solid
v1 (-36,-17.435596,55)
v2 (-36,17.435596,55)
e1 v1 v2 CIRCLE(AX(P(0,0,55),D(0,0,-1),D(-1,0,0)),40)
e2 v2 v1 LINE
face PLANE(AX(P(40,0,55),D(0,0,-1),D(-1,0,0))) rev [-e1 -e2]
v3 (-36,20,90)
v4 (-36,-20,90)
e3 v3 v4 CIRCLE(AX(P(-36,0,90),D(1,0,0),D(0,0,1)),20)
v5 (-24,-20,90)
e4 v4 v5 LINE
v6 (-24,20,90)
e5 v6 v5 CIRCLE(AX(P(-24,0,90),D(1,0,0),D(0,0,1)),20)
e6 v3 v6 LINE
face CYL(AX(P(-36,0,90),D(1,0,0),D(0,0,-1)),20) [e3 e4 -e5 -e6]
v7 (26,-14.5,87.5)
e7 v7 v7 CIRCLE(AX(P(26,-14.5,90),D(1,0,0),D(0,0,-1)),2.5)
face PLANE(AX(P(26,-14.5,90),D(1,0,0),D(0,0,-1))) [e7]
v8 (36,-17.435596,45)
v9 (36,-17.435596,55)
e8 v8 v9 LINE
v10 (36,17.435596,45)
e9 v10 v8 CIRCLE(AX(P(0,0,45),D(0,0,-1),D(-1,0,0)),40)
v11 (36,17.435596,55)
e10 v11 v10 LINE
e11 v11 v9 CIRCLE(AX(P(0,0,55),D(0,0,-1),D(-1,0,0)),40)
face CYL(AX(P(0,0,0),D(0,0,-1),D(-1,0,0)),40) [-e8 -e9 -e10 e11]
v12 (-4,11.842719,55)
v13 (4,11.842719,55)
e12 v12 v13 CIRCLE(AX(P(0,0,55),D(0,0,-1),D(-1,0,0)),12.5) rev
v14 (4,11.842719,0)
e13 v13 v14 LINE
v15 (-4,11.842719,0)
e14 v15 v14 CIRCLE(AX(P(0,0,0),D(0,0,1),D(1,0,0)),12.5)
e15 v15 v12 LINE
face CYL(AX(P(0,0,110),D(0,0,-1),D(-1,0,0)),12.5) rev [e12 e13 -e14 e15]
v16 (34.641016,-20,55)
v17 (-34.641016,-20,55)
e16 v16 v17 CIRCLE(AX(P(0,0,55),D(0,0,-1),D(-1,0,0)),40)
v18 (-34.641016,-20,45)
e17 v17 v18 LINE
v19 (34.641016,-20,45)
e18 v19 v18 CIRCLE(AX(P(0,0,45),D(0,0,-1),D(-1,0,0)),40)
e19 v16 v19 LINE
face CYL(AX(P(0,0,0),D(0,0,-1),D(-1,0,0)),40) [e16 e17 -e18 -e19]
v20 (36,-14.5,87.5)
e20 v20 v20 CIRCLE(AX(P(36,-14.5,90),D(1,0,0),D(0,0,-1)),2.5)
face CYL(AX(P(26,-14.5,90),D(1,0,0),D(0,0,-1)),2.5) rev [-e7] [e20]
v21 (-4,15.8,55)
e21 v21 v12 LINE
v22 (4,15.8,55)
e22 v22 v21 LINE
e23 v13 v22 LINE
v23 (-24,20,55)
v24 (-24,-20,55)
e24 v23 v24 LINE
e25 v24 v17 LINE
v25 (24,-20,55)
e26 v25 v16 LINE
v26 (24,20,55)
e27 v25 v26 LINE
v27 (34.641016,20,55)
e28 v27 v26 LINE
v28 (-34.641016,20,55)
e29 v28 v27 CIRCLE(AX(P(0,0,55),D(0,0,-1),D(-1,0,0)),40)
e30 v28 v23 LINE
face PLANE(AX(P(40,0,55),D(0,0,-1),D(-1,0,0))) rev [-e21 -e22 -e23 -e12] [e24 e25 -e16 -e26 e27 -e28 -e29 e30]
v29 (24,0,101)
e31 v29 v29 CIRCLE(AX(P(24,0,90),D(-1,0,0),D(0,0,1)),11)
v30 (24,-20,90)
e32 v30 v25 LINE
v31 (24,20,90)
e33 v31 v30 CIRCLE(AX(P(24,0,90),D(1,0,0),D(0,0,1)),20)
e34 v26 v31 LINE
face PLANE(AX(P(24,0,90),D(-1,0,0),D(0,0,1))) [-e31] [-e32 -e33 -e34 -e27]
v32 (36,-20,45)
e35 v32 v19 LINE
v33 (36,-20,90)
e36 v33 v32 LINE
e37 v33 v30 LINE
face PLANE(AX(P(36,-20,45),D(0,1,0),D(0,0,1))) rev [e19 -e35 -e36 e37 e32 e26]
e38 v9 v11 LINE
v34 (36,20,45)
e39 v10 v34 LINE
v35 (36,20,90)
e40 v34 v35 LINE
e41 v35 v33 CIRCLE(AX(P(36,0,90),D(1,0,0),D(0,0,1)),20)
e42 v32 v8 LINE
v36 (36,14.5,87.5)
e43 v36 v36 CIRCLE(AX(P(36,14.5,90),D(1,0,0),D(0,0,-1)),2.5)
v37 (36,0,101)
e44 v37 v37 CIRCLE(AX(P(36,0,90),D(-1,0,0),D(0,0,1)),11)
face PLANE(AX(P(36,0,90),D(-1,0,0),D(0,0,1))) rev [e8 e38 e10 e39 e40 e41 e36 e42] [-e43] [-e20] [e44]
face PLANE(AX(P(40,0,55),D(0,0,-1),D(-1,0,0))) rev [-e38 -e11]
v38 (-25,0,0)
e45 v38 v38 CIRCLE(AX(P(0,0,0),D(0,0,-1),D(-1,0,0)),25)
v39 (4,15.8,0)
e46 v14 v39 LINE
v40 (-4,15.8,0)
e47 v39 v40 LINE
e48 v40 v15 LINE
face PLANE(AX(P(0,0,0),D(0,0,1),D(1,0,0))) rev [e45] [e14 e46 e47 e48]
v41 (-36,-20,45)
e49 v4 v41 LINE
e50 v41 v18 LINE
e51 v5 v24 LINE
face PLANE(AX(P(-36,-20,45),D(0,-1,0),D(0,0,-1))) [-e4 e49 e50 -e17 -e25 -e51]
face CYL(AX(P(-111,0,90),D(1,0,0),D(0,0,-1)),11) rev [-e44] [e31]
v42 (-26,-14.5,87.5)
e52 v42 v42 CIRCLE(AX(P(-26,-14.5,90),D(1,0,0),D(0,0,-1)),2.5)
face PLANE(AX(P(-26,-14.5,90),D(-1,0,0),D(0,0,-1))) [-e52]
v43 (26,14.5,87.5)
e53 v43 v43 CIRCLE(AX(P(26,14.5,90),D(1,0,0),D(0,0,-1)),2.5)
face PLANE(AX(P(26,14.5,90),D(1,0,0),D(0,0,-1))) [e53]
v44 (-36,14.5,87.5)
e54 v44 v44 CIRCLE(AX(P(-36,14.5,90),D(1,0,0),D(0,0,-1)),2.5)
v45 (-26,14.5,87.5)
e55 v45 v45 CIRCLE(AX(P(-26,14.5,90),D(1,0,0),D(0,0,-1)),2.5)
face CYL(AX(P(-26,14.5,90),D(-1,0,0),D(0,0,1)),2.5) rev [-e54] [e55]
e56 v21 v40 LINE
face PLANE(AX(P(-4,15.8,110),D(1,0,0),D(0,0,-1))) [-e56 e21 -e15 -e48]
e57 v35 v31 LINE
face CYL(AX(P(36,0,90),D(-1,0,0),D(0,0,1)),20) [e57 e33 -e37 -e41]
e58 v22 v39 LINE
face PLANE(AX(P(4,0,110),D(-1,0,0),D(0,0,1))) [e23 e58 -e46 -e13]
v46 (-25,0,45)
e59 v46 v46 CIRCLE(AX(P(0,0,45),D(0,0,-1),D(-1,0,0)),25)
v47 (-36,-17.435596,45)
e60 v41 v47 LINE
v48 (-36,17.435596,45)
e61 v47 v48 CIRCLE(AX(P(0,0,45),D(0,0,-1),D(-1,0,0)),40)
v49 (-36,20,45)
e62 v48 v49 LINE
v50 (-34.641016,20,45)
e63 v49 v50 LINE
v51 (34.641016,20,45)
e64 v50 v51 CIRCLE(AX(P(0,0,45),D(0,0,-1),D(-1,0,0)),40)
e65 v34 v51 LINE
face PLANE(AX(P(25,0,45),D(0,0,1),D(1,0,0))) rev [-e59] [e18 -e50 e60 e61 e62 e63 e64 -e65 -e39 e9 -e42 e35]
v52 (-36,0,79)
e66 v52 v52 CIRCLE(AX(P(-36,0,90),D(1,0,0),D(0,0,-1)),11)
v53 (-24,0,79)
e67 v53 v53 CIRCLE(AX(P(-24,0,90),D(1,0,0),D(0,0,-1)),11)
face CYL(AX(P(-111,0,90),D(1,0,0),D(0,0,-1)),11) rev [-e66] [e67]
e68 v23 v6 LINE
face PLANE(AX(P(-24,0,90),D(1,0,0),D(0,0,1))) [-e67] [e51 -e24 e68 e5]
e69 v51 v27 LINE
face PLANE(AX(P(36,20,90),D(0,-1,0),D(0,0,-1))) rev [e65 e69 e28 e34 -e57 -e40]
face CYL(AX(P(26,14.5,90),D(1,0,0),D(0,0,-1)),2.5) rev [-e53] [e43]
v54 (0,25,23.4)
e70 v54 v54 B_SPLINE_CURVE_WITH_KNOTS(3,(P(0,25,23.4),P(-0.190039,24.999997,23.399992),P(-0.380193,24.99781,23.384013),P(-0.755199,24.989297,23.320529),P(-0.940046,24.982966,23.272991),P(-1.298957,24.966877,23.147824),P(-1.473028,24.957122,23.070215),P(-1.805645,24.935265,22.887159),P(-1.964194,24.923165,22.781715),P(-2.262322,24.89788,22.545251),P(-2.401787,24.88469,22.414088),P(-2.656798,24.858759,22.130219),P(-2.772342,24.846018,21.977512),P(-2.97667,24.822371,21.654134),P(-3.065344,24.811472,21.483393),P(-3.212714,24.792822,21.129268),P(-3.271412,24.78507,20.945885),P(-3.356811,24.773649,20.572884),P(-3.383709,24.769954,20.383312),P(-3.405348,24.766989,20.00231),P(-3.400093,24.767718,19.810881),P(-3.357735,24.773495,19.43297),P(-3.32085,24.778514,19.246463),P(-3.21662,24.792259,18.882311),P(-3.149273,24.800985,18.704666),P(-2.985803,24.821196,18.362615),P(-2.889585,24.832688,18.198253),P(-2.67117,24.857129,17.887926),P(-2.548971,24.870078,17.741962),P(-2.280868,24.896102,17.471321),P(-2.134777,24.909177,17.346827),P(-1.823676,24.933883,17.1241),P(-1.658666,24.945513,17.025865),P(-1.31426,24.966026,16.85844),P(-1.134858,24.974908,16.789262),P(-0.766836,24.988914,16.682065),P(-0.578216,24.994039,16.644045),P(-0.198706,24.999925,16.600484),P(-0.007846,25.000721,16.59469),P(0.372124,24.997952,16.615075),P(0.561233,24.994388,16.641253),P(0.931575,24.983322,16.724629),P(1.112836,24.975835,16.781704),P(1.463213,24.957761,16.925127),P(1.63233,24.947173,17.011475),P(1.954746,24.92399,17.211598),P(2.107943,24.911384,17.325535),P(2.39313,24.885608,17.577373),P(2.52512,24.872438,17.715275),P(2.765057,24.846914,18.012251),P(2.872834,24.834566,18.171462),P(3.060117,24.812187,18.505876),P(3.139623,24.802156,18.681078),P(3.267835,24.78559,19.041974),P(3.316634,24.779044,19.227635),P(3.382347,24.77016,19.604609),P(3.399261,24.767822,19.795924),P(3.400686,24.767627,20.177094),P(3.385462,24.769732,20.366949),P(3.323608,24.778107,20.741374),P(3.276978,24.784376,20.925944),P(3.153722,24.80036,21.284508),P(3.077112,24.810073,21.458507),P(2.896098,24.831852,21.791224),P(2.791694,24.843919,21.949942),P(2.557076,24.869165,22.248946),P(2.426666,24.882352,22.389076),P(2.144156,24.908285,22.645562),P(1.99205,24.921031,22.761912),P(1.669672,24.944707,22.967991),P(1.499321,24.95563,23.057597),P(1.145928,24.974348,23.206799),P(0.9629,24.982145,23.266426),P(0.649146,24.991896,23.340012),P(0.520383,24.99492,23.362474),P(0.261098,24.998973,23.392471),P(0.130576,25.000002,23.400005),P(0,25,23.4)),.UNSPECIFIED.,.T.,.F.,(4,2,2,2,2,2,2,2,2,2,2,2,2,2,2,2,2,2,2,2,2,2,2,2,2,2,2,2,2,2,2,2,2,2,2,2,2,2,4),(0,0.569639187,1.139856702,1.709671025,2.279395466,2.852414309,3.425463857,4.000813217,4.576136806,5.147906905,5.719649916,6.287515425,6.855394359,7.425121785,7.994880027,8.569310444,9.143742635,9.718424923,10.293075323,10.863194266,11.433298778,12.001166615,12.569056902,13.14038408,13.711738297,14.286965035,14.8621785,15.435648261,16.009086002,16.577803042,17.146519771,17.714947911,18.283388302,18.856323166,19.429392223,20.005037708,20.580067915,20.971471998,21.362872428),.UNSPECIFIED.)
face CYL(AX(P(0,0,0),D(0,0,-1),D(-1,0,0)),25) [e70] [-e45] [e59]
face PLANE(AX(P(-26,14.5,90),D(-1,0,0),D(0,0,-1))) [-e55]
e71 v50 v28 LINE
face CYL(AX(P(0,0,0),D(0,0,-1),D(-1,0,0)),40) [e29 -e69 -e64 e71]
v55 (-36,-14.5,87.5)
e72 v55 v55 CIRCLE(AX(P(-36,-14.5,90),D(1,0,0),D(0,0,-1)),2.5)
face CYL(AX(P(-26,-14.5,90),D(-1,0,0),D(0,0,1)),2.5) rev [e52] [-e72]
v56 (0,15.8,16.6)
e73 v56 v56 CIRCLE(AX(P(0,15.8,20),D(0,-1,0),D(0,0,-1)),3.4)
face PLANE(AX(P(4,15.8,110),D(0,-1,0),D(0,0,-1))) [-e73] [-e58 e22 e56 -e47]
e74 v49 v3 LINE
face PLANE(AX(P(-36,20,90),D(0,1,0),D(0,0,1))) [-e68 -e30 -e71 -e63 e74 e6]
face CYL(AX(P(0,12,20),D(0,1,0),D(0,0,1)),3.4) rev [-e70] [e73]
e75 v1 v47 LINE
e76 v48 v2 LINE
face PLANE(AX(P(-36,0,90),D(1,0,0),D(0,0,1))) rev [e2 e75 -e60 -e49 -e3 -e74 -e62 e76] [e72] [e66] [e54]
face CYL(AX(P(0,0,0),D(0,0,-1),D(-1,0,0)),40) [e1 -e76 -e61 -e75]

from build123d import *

# Parameters (mm, degrees)
EXTRUDE_1_DEPTH     = 12
SKETCH_3_R          = 11
CUT_EXTRUDE_1_DEPTH = 111
SKETCH_4_R          = 12.5
CUT_EXTRUDE_2_DEPTH = 124.693168769
SKETCH_5_W          = 8
SKETCH_5_H          = 15.8
CUT_EXTRUDE_3_DEPTH = 124.693168769
SKETCH_6_R          = 3.4
CUT_EXTRUDE_4_DEPTH = 13
SKETCH_7_R          = 2.5
CUT_EXTRUDE_5_DEPTH = 10


with BuildPart() as part:
    # 草图1 → 旋转1 (revolve)
    with BuildSketch(Plane(origin=(0, 0, 0), x_dir=(1, 0, 0), z_dir=(0, 1, 0)), mode=Mode.PRIVATE) as revolve_1_sk:
        Polygon((0, 0), (25, 0), (25, -45), (40, -45), (40, -55), (0, -55), align=None)
    revolve(revolve_1_sk.sketch.rotate(Axis((0, 0, 0), (0, 0, 1)), 180), axis=Axis((0, 0, 0), (0, 0, 1)))

    # 草图2 → 凸台-拉伸1 (add)
    with BuildSketch(Plane(origin=(24, 0, 0), x_dir=(0, 0, -1), z_dir=(1, 0, 0))):
        with BuildLine():
            Line((-45, -20), (-90, -20))
            ThreePointArc((-90, -20), (-110, 0), (-90, 20))
            Line((-90, 20), (-45, 20))
            Line((-45, 20), (-45, -20))
        make_face()
    extrude_1 = extrude(amount=EXTRUDE_1_DEPTH)

    # 镜向1: 凸台-拉伸1 across plane
    add(extrude_1.mirror(Plane(origin=(0, 0, 0), x_dir=(0, 0, 1), z_dir=(1, 0, 0))))

    # 草图3 → 切除-拉伸1 (cut, symmetric)
    with BuildSketch(Plane(origin=(0, 0, 0), x_dir=(0, 0, -1), z_dir=(1, 0, 0))):
        with Locations((-90, 0)):
            Circle(SKETCH_3_R)
    extrude(amount=CUT_EXTRUDE_1_DEPTH, both=True, mode=Mode.SUBTRACT)

    # 草图4 → 切除-拉伸2 (cut, through all)
    with BuildSketch(Plane.XY):
        with Locations(Location((0, 0, 0), (0, 0, 180))):
            Circle(SKETCH_4_R)
    extrude(amount=CUT_EXTRUDE_2_DEPTH, mode=Mode.SUBTRACT)

    # 草图5 → 切除-拉伸3 (cut, through all)
    with BuildSketch(Plane.XY):
        with Locations((0, 7.9)):
            Rectangle(SKETCH_5_W, SKETCH_5_H)
    extrude(amount=CUT_EXTRUDE_3_DEPTH, mode=Mode.SUBTRACT)

    # 草图6 → 切除-拉伸4 (cut)
    with BuildSketch(Plane(origin=(0, 25, 0), x_dir=(1, 0, 0), z_dir=(0, 1, 0))):
        with Locations(Location((0, -20, 0), (0, 0, 270))):
            Circle(SKETCH_6_R)
    extrude(amount=-CUT_EXTRUDE_4_DEPTH, mode=Mode.SUBTRACT)

    # 草图7 → 切除-拉伸5 (cut)
    with BuildSketch(Plane(origin=(36, 0, 0), x_dir=(0, 0, -1), z_dir=(1, 0, 0))):
        with Locations((-90, 14.5)):
            Circle(SKETCH_7_R)
        with Locations((-90, -14.5)):
            Circle(SKETCH_7_R)
    cut_extrude_5 = extrude(amount=-CUT_EXTRUDE_5_DEPTH, mode=Mode.SUBTRACT)

    # 镜向2: 切除-拉伸5 across plane
    add(cut_extrude_5.mirror(Plane(origin=(0, 0, 0), x_dir=(0, 0, 1), z_dir=(1, 0, 0))), mode=Mode.SUBTRACT)


solid = part.part
